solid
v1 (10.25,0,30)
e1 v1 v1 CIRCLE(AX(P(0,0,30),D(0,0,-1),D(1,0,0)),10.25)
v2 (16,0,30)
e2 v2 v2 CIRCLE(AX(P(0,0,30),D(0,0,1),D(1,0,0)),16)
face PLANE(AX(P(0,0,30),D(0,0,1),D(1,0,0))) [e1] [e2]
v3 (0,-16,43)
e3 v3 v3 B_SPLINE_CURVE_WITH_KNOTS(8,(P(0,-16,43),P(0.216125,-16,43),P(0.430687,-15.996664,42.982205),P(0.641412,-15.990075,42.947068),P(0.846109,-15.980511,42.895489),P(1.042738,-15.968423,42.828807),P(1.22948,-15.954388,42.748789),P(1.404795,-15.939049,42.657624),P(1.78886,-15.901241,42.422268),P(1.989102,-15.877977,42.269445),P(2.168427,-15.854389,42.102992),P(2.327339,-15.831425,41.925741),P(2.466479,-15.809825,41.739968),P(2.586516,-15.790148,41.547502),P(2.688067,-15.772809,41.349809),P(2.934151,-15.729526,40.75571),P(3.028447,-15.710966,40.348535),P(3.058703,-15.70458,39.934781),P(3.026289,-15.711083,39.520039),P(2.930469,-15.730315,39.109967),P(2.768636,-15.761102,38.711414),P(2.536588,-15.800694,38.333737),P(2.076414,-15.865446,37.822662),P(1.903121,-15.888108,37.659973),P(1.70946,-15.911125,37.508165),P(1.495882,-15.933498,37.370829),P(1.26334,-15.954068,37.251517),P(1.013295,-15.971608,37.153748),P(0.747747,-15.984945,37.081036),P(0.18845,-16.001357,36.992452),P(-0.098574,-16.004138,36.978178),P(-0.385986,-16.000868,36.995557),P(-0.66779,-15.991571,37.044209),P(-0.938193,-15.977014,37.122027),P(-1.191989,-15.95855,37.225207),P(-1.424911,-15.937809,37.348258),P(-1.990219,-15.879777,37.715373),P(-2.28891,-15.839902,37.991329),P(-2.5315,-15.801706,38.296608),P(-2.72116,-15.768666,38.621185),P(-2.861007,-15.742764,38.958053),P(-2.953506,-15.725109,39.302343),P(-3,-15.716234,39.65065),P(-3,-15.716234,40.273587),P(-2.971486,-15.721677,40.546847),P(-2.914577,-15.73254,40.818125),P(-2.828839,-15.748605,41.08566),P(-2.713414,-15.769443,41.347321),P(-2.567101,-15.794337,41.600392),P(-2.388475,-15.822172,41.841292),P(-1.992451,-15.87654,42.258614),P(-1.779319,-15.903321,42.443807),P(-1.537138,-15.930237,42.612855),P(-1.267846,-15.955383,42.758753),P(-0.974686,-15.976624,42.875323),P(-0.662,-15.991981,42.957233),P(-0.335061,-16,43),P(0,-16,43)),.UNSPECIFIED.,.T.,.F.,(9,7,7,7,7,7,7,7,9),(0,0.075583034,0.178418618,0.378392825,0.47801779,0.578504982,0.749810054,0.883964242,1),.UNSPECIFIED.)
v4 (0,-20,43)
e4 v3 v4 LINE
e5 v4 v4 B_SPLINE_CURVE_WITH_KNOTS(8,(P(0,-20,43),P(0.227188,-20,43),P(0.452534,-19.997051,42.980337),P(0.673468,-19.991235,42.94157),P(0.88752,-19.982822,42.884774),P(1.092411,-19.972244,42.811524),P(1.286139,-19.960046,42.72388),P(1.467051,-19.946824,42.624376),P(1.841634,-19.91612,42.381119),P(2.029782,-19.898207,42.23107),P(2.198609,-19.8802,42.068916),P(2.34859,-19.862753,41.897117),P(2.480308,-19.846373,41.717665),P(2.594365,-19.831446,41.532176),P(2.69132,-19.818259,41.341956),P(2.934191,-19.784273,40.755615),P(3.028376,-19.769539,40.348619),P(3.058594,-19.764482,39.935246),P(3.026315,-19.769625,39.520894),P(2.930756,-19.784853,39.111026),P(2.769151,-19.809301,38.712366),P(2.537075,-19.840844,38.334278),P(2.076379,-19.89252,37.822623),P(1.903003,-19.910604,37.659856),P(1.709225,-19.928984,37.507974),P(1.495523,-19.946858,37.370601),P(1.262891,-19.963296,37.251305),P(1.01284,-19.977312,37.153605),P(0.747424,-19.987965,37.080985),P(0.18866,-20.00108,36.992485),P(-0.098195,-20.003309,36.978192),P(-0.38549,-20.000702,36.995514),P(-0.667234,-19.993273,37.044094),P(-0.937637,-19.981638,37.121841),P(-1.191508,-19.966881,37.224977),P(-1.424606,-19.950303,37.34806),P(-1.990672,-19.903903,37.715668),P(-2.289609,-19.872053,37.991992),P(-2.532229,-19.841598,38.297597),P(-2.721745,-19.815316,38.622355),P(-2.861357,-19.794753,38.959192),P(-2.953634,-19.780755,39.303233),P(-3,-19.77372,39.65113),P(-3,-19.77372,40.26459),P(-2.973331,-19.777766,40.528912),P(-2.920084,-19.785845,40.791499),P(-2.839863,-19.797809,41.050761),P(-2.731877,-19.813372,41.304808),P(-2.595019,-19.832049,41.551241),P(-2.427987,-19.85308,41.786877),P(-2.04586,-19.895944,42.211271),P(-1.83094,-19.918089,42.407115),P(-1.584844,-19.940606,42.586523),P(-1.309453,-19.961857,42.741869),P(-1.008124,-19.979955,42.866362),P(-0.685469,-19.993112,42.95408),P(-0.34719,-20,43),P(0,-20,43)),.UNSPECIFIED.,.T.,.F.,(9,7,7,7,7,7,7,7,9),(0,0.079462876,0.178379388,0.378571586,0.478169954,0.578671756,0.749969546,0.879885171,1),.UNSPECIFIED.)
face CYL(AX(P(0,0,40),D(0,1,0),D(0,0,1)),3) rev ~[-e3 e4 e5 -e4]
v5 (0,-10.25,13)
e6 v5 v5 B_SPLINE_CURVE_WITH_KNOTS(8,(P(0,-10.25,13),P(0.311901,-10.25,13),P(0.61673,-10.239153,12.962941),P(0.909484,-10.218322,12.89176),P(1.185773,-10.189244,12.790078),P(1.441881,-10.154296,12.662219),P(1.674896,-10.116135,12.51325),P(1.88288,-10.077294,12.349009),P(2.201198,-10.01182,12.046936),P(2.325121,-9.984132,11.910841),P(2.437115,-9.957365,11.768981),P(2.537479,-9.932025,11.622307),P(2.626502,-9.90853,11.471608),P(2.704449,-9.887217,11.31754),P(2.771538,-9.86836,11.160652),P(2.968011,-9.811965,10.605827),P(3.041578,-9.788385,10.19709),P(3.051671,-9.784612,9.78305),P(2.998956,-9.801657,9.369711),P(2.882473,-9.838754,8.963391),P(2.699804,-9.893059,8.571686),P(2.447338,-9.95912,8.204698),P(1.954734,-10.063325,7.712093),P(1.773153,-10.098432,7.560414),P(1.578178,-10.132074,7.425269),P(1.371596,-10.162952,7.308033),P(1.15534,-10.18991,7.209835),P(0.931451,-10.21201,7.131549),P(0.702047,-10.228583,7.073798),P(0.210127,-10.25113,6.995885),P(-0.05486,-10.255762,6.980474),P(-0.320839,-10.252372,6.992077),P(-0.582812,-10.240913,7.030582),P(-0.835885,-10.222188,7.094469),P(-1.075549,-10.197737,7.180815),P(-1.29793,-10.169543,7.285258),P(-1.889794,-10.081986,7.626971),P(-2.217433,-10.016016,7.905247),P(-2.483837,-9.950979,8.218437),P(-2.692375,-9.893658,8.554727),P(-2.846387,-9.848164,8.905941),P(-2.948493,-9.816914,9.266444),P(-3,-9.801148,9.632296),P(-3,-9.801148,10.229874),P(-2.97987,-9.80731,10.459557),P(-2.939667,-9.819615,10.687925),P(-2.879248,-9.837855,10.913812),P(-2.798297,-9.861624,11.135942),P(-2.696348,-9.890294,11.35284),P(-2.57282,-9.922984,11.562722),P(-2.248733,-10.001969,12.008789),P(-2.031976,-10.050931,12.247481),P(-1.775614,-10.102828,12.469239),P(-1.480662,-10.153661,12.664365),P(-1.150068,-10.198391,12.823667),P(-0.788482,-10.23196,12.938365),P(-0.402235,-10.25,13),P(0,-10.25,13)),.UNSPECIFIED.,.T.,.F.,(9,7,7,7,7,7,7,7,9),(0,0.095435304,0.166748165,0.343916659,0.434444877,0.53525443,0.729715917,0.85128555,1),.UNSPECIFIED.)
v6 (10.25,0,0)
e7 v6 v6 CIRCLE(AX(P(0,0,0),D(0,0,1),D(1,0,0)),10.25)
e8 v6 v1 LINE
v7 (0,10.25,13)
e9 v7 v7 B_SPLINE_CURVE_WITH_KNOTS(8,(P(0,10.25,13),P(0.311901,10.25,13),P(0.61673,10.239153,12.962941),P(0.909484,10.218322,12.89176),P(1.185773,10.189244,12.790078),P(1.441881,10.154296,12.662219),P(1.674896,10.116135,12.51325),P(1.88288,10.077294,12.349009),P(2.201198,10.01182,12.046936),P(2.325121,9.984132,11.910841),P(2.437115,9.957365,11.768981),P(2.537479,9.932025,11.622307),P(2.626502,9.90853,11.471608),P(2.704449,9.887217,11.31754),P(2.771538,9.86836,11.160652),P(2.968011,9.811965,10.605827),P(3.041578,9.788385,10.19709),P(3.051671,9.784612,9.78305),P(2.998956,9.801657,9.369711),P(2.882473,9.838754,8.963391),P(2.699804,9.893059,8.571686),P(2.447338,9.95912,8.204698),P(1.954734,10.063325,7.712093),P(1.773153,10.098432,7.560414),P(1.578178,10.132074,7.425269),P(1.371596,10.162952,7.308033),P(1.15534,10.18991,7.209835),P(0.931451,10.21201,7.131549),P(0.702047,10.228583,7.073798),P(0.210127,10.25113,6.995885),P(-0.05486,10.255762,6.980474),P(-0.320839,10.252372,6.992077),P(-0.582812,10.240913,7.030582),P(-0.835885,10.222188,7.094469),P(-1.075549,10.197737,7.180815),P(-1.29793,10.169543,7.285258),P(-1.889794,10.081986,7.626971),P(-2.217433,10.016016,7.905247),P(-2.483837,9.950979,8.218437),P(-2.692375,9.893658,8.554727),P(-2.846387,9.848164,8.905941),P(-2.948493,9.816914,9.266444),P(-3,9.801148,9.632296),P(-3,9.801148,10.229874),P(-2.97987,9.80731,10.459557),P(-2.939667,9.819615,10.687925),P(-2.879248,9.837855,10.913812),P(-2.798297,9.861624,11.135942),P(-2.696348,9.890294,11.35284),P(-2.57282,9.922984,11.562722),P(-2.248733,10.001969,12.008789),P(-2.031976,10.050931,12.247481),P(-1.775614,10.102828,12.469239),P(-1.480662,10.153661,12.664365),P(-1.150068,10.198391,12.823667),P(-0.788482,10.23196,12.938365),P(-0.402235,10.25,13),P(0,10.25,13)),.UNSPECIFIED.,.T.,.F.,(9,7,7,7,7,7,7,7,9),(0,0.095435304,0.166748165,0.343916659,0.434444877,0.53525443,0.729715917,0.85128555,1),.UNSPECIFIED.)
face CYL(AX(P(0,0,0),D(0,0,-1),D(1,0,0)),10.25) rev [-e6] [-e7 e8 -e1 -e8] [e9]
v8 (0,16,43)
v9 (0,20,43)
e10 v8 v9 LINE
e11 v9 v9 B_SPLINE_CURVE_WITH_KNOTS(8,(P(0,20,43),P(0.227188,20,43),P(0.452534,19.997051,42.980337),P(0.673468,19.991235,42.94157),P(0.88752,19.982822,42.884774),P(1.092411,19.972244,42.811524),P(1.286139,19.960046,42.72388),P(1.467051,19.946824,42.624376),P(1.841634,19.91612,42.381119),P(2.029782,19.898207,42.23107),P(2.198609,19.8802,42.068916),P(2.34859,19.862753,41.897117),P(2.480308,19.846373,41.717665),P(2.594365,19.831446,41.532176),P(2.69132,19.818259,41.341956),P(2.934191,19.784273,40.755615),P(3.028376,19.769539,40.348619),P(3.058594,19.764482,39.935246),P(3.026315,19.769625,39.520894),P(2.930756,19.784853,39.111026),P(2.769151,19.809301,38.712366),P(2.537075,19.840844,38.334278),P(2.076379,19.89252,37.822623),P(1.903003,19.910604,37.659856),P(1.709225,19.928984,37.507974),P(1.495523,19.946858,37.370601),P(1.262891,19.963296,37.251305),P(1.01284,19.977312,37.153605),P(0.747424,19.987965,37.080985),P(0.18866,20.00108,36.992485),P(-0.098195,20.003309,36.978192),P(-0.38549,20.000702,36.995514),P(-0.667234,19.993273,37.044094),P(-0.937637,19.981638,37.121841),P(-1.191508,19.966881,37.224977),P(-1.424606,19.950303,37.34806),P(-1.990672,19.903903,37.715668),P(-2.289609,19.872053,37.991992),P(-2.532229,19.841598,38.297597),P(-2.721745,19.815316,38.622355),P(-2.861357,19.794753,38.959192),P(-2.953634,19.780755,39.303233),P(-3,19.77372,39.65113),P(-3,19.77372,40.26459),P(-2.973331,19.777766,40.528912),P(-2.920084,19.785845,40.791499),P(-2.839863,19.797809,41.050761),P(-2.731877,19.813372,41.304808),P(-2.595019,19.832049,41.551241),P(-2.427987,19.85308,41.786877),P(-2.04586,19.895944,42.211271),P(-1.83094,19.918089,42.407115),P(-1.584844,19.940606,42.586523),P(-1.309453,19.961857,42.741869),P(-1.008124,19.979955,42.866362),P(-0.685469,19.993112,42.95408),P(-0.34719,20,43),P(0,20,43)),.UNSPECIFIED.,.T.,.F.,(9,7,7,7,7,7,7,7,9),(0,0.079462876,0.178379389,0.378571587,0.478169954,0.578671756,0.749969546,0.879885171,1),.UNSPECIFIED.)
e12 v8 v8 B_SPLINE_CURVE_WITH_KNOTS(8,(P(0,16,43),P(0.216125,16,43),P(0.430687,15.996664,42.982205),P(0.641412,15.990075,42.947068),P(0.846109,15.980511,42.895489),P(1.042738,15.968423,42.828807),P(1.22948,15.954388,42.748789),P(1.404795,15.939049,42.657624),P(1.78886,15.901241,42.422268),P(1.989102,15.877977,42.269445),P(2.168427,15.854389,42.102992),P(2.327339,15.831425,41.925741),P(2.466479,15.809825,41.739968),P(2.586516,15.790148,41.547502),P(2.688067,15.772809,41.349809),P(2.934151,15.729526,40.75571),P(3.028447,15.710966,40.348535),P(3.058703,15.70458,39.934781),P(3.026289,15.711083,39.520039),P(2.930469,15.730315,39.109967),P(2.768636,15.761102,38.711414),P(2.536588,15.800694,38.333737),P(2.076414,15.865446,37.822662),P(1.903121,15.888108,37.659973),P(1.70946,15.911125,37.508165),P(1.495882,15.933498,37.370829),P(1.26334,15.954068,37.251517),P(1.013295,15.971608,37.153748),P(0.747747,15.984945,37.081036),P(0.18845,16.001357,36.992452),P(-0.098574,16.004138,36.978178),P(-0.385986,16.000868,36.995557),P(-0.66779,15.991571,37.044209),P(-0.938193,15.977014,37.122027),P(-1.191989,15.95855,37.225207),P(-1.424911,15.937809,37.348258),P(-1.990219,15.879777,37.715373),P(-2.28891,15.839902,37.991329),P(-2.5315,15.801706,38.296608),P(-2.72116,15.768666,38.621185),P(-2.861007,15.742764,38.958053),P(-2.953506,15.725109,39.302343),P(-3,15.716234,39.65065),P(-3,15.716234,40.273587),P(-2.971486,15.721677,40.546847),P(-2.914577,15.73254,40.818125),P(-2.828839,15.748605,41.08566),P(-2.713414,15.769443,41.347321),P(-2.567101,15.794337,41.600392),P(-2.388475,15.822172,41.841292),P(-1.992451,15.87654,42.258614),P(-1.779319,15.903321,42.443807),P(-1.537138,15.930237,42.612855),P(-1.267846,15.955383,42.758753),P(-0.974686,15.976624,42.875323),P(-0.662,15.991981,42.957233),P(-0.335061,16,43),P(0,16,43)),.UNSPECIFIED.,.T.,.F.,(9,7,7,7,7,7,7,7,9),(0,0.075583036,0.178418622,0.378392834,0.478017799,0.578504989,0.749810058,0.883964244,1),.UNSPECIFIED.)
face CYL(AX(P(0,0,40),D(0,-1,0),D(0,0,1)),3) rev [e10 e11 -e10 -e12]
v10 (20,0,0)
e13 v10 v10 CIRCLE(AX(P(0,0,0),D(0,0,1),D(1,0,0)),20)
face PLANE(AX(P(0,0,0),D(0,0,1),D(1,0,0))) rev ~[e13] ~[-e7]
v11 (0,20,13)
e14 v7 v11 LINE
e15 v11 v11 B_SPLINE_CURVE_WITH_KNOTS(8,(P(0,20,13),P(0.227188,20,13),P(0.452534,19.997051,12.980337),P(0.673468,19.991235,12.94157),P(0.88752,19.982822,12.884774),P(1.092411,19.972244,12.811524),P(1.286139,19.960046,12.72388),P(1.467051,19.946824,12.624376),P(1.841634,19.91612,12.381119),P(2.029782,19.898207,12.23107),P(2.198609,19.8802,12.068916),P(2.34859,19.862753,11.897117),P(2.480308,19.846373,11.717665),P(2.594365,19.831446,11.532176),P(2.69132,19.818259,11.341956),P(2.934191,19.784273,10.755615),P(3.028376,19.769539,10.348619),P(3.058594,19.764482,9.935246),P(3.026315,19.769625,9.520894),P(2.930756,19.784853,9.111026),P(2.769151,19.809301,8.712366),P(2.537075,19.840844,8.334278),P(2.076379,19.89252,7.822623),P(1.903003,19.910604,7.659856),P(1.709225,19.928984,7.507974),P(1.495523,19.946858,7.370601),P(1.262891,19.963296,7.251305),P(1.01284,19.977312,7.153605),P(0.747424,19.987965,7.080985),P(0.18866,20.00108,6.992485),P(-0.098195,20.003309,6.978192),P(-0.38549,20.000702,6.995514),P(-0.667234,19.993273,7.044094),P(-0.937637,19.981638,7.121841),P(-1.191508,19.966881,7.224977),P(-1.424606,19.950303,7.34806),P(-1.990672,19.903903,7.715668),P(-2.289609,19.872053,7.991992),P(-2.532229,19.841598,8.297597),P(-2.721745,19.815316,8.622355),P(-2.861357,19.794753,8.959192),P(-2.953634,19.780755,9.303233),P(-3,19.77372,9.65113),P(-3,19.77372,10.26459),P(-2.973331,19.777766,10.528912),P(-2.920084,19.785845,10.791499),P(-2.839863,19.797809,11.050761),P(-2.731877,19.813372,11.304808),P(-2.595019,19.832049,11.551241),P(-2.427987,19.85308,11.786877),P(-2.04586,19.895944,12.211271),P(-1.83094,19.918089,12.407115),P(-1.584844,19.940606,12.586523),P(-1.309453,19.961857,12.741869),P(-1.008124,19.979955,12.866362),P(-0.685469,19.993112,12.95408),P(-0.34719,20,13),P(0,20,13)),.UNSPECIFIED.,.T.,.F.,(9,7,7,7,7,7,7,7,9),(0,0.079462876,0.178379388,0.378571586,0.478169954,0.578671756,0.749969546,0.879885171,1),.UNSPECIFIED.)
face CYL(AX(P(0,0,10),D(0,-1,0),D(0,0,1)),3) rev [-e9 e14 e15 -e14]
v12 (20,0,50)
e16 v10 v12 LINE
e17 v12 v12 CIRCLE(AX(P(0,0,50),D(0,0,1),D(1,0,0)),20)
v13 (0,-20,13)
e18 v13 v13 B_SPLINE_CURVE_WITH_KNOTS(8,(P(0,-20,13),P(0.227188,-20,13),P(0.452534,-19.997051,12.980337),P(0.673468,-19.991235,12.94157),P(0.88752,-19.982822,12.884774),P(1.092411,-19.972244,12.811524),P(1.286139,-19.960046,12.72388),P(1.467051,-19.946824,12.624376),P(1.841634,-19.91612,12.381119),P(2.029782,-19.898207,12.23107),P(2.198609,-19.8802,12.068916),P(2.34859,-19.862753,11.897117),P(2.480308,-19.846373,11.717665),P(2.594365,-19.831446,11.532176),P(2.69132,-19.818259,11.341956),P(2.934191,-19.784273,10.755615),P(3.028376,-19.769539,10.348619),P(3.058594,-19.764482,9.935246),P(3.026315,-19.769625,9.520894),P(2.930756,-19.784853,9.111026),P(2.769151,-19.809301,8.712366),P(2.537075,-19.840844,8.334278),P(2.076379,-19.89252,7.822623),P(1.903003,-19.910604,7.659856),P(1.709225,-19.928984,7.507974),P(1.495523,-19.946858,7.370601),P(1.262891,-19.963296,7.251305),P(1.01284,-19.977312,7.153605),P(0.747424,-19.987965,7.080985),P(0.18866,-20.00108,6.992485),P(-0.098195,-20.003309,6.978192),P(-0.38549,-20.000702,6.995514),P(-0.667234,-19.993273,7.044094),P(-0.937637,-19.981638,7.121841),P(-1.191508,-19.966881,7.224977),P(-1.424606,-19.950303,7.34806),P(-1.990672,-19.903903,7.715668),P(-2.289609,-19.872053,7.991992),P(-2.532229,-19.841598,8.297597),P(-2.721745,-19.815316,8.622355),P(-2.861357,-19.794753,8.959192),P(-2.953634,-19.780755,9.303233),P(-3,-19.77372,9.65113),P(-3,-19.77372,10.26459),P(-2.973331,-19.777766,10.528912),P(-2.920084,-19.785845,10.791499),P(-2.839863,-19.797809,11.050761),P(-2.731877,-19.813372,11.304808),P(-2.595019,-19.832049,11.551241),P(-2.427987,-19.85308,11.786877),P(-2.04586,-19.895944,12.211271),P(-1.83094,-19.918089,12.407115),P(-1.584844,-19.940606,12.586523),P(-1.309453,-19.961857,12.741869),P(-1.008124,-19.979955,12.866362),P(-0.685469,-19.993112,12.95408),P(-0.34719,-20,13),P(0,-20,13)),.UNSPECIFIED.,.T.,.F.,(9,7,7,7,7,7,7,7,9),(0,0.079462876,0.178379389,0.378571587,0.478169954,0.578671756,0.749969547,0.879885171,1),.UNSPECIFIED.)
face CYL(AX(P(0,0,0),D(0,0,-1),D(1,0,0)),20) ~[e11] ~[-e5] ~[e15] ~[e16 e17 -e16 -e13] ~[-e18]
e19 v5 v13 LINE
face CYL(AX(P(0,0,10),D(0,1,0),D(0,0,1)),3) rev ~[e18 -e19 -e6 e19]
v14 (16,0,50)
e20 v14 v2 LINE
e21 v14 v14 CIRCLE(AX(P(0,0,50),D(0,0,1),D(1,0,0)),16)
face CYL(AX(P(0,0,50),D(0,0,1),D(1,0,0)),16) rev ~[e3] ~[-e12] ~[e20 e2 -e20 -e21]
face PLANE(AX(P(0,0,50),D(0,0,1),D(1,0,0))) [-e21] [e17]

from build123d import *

# Parameters (mm, degrees)
ESQUISSE1_R                  = 20
ESQUISSE1_R_2                = 10.25
BOSS_EXTRU_1_DEPTH           = 50
ESQUISSE2_R                  = 16
ENL_V_MAT_EXTRU_1_DEPTH      = 20
ESQUISSE3_R                  = 3
ENL_V_MAT_EXTRU_2_DEPTH      = 21
ENL_V_MAT_EXTRU_2_DEPTH_BACK = 21


with BuildPart() as part:
    # Esquisse1 → Boss.-Extru.1 (new body)
    with BuildSketch(Plane.XY):
        Circle(ESQUISSE1_R)
        Circle(ESQUISSE1_R_2, mode=Mode.SUBTRACT)
    extrude(amount=BOSS_EXTRU_1_DEPTH)

    # Esquisse2 → Enlèv. mat.-Extru.1 (cut)
    with BuildSketch(Plane.XY.offset(50)):
        Circle(ESQUISSE2_R)
    extrude(amount=-ENL_V_MAT_EXTRU_1_DEPTH, mode=Mode.SUBTRACT)

    # Esquisse3 → Enlèv. mat.-Extru.2 (cut, two sides)
    with BuildSketch(Plane(origin=(0, 0, 0), x_dir=(1, 0, 0), z_dir=(0, 1, 0))) as enl_v_mat_extru_2_sk:
        with Locations(Location((0, -10, 0), (0, 0, 270))):  # turned: the seam where the file's is
            Circle(ESQUISSE3_R)
        with Locations(Location((0, -40, 0), (0, 0, 270))):  # turned: the seam where the file's is
            Circle(ESQUISSE3_R)
    extrude(amount=ENL_V_MAT_EXTRU_2_DEPTH, mode=Mode.SUBTRACT)
    extrude(enl_v_mat_extru_2_sk.sketch, amount=-ENL_V_MAT_EXTRU_2_DEPTH_BACK, mode=Mode.SUBTRACT)


solid = part.part
